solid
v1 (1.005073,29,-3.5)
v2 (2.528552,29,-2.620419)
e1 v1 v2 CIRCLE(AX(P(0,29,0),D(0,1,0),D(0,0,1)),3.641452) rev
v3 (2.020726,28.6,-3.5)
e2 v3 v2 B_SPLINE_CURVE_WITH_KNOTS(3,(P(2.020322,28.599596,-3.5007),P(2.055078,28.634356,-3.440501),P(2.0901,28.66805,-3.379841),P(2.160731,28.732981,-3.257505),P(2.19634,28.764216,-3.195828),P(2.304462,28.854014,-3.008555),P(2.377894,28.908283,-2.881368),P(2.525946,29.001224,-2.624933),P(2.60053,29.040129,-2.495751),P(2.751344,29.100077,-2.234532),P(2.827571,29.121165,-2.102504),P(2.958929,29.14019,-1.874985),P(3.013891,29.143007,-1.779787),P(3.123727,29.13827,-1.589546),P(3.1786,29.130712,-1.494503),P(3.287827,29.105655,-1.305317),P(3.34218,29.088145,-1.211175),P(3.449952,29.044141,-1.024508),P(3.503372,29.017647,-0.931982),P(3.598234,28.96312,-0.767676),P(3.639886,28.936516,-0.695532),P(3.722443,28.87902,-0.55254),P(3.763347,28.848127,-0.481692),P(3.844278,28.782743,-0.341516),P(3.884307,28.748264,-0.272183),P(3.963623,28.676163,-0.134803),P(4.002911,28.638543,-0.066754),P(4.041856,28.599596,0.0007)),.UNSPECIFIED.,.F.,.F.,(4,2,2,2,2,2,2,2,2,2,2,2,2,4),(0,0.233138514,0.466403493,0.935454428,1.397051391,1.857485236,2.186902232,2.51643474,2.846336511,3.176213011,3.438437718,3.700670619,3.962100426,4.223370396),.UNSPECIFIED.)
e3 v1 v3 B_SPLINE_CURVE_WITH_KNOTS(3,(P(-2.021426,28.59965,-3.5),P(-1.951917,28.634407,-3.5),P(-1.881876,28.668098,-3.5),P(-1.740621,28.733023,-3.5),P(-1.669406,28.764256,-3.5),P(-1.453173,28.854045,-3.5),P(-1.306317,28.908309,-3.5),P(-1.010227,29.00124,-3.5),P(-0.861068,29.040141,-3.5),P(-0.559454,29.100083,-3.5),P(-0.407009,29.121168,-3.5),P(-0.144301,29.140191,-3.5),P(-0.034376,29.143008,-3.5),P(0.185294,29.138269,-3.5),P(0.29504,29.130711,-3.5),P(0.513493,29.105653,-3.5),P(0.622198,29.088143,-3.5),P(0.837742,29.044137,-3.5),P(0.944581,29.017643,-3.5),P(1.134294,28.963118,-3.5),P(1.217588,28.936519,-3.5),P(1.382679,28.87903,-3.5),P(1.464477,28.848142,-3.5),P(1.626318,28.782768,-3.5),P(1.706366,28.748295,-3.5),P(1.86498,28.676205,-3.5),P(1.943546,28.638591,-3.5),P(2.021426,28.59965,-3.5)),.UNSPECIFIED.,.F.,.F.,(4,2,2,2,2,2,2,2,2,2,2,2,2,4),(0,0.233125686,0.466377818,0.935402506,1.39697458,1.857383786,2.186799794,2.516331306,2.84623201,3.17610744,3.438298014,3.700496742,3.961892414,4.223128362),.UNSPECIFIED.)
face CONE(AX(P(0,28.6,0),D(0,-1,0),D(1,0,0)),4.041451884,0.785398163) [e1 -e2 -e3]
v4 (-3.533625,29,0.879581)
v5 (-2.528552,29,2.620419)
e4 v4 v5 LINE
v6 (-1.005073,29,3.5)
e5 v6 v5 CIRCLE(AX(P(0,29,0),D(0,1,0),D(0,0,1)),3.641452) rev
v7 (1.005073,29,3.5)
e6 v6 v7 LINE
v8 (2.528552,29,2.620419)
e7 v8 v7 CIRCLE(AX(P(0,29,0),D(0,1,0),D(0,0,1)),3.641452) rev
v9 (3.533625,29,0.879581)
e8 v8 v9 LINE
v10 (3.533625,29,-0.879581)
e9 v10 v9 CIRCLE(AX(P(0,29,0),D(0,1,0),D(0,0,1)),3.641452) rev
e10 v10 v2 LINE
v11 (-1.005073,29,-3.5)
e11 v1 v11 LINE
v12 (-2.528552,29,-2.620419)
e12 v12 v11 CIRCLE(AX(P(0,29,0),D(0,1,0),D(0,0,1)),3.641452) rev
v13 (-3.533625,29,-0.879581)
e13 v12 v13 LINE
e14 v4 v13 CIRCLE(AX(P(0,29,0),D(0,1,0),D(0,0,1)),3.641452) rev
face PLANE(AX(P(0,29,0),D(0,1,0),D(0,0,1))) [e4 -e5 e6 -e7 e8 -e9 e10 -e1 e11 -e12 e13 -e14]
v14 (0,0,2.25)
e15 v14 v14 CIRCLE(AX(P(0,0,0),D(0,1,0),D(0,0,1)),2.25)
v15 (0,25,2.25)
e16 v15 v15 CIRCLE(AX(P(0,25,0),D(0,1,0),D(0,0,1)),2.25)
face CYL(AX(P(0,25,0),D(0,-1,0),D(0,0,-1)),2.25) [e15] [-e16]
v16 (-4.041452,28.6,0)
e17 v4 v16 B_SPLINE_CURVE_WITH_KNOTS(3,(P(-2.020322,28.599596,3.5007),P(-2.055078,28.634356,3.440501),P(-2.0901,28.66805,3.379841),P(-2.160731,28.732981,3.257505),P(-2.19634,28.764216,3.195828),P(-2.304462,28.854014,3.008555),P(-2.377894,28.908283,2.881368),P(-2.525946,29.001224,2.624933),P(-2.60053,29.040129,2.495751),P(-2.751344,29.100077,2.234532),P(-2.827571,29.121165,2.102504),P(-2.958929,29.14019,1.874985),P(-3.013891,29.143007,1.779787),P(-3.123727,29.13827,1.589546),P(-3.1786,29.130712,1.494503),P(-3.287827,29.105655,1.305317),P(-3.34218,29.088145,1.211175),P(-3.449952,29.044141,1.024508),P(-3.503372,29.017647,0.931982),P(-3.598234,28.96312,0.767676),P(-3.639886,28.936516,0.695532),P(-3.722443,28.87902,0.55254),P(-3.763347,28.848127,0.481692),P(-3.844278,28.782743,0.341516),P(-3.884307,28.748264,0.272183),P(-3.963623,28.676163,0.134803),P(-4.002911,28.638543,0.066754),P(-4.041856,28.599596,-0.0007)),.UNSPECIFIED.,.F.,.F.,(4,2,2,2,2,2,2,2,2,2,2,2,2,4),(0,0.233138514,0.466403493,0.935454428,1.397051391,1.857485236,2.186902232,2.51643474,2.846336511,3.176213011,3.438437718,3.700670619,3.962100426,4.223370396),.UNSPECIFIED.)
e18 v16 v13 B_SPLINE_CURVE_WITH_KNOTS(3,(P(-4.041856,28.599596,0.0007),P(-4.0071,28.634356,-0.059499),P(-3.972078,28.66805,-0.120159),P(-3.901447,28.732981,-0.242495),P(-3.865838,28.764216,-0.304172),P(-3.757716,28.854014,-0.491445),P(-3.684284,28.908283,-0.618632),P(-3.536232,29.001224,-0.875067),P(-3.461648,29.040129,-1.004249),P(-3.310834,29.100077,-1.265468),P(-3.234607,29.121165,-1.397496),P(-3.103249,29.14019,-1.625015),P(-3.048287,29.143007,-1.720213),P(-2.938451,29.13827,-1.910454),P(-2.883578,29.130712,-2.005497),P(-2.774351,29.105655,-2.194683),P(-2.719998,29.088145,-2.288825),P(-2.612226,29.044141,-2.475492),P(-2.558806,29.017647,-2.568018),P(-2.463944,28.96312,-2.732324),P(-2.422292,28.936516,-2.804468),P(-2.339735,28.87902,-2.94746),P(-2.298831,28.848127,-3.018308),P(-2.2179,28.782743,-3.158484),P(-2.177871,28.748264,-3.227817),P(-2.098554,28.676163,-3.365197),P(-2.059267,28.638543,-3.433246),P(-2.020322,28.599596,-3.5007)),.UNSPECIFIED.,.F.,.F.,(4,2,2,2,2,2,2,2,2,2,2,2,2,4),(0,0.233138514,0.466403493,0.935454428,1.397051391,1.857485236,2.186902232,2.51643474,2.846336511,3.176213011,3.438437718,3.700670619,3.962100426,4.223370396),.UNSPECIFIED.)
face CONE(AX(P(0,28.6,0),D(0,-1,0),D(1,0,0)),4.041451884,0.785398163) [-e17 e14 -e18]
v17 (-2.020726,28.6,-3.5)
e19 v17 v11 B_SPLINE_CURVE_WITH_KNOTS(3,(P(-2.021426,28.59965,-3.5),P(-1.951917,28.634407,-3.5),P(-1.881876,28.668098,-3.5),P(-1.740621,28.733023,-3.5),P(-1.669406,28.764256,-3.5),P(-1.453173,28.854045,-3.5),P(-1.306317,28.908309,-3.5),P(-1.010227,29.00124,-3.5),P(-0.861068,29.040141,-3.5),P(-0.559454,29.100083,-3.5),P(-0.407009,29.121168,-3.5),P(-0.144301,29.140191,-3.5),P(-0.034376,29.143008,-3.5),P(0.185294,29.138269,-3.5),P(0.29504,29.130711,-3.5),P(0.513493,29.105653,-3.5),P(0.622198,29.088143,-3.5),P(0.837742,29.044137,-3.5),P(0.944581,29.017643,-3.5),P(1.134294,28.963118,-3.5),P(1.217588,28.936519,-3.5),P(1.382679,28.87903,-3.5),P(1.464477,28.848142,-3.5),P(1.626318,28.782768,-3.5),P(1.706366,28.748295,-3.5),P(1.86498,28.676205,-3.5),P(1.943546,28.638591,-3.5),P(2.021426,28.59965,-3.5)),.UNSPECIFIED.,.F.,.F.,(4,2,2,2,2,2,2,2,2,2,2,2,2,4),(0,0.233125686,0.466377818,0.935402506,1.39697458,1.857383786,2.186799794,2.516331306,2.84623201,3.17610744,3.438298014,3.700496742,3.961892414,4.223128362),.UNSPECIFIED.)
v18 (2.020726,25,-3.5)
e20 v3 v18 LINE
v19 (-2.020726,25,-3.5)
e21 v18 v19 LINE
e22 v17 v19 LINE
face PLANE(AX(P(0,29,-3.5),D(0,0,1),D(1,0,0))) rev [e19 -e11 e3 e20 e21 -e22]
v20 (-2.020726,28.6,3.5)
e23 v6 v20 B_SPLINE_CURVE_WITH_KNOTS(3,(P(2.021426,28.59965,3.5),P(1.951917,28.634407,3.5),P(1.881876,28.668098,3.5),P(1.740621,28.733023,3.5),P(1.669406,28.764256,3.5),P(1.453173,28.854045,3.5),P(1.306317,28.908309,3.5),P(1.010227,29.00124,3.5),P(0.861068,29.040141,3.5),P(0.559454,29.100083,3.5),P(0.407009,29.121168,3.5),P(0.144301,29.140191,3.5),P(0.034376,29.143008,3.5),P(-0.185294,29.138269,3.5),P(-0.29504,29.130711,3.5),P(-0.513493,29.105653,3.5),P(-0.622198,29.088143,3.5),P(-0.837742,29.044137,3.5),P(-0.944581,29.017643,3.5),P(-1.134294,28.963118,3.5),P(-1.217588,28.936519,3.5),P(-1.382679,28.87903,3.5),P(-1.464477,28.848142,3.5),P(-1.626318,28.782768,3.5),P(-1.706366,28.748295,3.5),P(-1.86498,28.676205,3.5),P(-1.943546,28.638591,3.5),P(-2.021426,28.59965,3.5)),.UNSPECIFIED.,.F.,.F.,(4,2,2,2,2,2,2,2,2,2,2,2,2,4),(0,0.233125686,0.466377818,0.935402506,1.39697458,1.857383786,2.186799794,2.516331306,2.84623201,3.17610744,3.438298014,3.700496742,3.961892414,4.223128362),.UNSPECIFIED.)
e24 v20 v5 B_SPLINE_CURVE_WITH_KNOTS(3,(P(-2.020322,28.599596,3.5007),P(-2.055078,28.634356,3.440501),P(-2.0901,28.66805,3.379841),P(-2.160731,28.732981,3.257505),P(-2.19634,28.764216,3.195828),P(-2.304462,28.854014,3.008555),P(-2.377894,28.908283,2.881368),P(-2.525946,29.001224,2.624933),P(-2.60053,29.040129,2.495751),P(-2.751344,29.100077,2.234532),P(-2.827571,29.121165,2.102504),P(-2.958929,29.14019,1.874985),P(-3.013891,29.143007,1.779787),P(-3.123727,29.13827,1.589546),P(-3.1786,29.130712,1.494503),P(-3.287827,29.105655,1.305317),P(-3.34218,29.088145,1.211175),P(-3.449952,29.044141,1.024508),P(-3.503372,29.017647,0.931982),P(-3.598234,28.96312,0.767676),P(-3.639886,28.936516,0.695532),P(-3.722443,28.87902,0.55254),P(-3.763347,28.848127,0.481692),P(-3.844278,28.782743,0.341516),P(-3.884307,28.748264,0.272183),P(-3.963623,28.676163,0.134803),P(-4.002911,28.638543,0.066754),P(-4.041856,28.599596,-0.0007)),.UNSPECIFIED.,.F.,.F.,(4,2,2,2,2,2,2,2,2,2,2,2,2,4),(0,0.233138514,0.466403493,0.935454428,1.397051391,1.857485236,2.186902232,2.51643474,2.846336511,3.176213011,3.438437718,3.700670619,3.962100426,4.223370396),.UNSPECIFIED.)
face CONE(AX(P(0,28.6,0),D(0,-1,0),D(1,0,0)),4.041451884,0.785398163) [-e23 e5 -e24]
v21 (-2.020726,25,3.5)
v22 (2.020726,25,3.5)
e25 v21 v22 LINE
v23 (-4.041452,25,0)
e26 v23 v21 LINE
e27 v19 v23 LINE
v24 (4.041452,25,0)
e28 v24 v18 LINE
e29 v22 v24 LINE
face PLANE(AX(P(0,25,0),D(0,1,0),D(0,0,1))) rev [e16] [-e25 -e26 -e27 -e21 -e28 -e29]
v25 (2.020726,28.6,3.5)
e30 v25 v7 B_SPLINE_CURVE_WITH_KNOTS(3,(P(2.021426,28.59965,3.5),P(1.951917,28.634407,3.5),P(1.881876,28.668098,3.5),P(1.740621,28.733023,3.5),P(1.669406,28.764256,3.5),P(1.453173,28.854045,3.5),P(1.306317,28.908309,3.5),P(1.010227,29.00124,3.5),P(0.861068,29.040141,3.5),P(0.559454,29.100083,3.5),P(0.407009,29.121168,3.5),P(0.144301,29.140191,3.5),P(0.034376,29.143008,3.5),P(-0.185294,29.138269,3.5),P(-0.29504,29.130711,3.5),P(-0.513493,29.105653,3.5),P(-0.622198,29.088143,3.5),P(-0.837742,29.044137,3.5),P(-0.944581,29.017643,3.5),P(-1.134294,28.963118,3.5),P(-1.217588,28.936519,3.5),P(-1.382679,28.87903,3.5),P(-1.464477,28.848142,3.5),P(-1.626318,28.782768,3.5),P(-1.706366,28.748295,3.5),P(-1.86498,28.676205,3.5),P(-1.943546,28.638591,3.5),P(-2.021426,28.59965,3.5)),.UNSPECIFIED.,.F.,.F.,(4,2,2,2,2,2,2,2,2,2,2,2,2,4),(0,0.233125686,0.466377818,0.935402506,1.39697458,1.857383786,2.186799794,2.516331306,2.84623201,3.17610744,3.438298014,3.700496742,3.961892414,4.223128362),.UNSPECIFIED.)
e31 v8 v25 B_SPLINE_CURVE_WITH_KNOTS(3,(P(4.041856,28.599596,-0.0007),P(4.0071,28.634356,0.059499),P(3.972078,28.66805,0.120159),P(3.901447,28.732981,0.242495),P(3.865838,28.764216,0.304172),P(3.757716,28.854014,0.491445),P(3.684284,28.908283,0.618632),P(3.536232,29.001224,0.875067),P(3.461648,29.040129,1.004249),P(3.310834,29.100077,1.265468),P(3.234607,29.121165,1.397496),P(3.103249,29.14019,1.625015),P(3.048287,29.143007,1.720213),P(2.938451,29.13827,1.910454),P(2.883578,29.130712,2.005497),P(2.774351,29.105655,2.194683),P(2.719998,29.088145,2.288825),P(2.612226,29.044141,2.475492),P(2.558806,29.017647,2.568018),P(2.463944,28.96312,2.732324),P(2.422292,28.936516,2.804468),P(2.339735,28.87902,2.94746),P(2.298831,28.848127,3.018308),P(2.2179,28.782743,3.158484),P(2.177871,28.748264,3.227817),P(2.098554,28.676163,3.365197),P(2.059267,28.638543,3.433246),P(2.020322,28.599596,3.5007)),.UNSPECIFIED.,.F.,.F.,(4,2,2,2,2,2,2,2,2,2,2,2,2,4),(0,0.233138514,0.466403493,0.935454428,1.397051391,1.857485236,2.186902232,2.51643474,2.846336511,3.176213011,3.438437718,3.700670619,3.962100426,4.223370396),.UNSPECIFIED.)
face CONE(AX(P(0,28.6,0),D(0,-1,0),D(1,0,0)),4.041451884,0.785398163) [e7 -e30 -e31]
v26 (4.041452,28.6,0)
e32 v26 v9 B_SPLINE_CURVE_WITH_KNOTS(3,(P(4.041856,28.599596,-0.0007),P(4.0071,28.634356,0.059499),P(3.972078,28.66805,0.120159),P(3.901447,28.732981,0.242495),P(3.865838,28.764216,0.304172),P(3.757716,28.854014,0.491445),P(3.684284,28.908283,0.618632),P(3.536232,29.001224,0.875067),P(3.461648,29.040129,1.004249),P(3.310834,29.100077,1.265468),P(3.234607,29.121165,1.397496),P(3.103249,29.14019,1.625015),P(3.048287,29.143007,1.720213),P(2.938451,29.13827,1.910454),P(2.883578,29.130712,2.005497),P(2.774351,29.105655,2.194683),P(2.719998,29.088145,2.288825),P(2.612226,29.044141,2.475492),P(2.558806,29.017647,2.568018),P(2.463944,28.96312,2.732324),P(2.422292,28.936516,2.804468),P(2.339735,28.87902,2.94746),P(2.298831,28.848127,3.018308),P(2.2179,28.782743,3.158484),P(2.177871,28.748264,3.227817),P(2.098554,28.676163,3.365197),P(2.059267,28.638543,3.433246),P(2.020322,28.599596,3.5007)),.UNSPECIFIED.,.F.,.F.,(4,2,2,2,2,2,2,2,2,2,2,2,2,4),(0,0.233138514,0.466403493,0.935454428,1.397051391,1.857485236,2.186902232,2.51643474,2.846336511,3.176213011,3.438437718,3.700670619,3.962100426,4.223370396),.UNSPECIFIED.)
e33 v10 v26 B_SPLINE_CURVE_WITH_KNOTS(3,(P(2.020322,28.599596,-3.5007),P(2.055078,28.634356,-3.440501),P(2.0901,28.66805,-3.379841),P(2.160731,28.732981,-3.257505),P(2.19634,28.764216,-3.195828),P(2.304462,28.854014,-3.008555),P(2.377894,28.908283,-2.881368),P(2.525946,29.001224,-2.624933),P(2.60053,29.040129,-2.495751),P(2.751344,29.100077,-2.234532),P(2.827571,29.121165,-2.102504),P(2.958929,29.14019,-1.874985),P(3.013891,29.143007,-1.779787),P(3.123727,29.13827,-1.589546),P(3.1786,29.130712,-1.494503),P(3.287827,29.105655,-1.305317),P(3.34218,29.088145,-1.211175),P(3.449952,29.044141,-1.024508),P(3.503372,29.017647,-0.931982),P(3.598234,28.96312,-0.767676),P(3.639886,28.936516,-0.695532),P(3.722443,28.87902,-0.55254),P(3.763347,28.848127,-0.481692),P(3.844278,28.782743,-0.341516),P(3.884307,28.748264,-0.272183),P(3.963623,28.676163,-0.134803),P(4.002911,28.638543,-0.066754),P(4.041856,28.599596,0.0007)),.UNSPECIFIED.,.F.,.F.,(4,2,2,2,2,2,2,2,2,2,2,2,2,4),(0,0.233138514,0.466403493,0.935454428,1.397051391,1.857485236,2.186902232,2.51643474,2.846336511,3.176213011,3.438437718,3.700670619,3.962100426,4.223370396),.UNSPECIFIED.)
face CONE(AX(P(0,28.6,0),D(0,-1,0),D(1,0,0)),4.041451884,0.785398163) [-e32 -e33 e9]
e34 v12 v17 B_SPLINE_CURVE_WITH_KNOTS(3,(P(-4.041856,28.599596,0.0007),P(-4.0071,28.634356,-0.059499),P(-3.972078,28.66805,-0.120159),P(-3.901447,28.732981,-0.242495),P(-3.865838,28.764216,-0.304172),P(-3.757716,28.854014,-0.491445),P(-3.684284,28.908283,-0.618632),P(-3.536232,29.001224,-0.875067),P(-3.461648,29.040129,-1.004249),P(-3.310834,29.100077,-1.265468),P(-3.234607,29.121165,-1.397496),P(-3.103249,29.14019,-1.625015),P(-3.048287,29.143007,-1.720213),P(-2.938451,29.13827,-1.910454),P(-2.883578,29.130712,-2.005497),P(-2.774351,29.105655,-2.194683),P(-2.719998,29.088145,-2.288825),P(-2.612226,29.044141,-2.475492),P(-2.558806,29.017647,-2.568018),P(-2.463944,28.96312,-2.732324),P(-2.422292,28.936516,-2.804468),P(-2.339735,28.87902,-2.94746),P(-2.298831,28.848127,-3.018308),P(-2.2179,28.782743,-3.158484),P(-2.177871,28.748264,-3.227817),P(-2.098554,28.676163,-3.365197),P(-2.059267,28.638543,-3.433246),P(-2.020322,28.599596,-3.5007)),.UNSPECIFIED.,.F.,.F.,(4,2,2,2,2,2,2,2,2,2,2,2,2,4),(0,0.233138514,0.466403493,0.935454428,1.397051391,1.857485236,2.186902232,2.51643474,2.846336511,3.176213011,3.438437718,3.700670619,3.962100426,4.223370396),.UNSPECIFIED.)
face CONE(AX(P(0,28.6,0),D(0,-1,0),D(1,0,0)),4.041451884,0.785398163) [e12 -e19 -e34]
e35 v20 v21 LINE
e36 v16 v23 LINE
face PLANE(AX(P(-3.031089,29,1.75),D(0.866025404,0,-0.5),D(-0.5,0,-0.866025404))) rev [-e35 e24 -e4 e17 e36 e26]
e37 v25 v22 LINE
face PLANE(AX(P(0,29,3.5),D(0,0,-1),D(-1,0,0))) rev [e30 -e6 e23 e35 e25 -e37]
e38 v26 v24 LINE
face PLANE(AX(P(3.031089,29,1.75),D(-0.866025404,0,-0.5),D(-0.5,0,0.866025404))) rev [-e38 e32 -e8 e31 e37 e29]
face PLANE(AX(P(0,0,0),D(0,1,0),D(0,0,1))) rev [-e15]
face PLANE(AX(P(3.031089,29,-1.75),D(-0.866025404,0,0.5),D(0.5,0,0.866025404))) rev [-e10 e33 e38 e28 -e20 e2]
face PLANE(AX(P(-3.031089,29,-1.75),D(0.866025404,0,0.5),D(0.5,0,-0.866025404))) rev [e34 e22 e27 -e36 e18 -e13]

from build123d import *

# Parameters (mm, degrees)
SKETCH1_R           = 2.25
BOSS_EXTRUDE1_DEPTH = 25
SKETCH2_R           = 2.25
BOSS_EXTRUDE2_DEPTH = 4


with BuildPart() as part:
    # Sketch1 → Boss-Extrude1 (new body)
    with BuildSketch(Plane(origin=(0, 0, 0), x_dir=(1, 0, 0), z_dir=(0, 1, 0))):
        with Locations(Location((0, 0, 0), (0, 0, 270))):
            Circle(SKETCH1_R)
    extrude(amount=BOSS_EXTRUDE1_DEPTH)

    # Sketch2 → Boss-Extrude2 (add)
    with BuildSketch(Plane(origin=(0, 25, 0), x_dir=(1, 0, 0), z_dir=(0, 1, 0))):
        with Locations(Location((0, 0, 0), (0, 0, 270))):
            Circle(SKETCH2_R)
        Polygon((-4.041451884, 0), (4.041451884, 0), (2.020725942, 3.5), (-2.020725942, 3.5), align=None)
        Polygon((-2.020725942, -3.5), (2.020725942, -3.5), (4.041451884, 0), (-4.041451884, 0), align=None)
        with BuildLine():
            ThreePointArc((-2.25, 0), (0, -2.25), (2.25, 0))
            Line((2.25, 0), (-2.25, 0))
        make_face()
        with BuildLine():
            Line((-2.25, 0), (2.25, 0))
            ThreePointArc((2.25, 0), (0, 2.25), (-2.25, 0))
        make_face()
    extrude(amount=BOSS_EXTRUDE2_DEPTH)

    # Sketch5 → Cut-Revolve1 (revolve, cut)
    with BuildSketch(Plane.XY):
        Polygon((3.641451884, 29), (4.041451884, 29), (4.041451884, 28.6), align=None)
    revolve(axis=Axis((0, 29, 0), (0, -1, 0)), mode=Mode.SUBTRACT)


solid = part.part
